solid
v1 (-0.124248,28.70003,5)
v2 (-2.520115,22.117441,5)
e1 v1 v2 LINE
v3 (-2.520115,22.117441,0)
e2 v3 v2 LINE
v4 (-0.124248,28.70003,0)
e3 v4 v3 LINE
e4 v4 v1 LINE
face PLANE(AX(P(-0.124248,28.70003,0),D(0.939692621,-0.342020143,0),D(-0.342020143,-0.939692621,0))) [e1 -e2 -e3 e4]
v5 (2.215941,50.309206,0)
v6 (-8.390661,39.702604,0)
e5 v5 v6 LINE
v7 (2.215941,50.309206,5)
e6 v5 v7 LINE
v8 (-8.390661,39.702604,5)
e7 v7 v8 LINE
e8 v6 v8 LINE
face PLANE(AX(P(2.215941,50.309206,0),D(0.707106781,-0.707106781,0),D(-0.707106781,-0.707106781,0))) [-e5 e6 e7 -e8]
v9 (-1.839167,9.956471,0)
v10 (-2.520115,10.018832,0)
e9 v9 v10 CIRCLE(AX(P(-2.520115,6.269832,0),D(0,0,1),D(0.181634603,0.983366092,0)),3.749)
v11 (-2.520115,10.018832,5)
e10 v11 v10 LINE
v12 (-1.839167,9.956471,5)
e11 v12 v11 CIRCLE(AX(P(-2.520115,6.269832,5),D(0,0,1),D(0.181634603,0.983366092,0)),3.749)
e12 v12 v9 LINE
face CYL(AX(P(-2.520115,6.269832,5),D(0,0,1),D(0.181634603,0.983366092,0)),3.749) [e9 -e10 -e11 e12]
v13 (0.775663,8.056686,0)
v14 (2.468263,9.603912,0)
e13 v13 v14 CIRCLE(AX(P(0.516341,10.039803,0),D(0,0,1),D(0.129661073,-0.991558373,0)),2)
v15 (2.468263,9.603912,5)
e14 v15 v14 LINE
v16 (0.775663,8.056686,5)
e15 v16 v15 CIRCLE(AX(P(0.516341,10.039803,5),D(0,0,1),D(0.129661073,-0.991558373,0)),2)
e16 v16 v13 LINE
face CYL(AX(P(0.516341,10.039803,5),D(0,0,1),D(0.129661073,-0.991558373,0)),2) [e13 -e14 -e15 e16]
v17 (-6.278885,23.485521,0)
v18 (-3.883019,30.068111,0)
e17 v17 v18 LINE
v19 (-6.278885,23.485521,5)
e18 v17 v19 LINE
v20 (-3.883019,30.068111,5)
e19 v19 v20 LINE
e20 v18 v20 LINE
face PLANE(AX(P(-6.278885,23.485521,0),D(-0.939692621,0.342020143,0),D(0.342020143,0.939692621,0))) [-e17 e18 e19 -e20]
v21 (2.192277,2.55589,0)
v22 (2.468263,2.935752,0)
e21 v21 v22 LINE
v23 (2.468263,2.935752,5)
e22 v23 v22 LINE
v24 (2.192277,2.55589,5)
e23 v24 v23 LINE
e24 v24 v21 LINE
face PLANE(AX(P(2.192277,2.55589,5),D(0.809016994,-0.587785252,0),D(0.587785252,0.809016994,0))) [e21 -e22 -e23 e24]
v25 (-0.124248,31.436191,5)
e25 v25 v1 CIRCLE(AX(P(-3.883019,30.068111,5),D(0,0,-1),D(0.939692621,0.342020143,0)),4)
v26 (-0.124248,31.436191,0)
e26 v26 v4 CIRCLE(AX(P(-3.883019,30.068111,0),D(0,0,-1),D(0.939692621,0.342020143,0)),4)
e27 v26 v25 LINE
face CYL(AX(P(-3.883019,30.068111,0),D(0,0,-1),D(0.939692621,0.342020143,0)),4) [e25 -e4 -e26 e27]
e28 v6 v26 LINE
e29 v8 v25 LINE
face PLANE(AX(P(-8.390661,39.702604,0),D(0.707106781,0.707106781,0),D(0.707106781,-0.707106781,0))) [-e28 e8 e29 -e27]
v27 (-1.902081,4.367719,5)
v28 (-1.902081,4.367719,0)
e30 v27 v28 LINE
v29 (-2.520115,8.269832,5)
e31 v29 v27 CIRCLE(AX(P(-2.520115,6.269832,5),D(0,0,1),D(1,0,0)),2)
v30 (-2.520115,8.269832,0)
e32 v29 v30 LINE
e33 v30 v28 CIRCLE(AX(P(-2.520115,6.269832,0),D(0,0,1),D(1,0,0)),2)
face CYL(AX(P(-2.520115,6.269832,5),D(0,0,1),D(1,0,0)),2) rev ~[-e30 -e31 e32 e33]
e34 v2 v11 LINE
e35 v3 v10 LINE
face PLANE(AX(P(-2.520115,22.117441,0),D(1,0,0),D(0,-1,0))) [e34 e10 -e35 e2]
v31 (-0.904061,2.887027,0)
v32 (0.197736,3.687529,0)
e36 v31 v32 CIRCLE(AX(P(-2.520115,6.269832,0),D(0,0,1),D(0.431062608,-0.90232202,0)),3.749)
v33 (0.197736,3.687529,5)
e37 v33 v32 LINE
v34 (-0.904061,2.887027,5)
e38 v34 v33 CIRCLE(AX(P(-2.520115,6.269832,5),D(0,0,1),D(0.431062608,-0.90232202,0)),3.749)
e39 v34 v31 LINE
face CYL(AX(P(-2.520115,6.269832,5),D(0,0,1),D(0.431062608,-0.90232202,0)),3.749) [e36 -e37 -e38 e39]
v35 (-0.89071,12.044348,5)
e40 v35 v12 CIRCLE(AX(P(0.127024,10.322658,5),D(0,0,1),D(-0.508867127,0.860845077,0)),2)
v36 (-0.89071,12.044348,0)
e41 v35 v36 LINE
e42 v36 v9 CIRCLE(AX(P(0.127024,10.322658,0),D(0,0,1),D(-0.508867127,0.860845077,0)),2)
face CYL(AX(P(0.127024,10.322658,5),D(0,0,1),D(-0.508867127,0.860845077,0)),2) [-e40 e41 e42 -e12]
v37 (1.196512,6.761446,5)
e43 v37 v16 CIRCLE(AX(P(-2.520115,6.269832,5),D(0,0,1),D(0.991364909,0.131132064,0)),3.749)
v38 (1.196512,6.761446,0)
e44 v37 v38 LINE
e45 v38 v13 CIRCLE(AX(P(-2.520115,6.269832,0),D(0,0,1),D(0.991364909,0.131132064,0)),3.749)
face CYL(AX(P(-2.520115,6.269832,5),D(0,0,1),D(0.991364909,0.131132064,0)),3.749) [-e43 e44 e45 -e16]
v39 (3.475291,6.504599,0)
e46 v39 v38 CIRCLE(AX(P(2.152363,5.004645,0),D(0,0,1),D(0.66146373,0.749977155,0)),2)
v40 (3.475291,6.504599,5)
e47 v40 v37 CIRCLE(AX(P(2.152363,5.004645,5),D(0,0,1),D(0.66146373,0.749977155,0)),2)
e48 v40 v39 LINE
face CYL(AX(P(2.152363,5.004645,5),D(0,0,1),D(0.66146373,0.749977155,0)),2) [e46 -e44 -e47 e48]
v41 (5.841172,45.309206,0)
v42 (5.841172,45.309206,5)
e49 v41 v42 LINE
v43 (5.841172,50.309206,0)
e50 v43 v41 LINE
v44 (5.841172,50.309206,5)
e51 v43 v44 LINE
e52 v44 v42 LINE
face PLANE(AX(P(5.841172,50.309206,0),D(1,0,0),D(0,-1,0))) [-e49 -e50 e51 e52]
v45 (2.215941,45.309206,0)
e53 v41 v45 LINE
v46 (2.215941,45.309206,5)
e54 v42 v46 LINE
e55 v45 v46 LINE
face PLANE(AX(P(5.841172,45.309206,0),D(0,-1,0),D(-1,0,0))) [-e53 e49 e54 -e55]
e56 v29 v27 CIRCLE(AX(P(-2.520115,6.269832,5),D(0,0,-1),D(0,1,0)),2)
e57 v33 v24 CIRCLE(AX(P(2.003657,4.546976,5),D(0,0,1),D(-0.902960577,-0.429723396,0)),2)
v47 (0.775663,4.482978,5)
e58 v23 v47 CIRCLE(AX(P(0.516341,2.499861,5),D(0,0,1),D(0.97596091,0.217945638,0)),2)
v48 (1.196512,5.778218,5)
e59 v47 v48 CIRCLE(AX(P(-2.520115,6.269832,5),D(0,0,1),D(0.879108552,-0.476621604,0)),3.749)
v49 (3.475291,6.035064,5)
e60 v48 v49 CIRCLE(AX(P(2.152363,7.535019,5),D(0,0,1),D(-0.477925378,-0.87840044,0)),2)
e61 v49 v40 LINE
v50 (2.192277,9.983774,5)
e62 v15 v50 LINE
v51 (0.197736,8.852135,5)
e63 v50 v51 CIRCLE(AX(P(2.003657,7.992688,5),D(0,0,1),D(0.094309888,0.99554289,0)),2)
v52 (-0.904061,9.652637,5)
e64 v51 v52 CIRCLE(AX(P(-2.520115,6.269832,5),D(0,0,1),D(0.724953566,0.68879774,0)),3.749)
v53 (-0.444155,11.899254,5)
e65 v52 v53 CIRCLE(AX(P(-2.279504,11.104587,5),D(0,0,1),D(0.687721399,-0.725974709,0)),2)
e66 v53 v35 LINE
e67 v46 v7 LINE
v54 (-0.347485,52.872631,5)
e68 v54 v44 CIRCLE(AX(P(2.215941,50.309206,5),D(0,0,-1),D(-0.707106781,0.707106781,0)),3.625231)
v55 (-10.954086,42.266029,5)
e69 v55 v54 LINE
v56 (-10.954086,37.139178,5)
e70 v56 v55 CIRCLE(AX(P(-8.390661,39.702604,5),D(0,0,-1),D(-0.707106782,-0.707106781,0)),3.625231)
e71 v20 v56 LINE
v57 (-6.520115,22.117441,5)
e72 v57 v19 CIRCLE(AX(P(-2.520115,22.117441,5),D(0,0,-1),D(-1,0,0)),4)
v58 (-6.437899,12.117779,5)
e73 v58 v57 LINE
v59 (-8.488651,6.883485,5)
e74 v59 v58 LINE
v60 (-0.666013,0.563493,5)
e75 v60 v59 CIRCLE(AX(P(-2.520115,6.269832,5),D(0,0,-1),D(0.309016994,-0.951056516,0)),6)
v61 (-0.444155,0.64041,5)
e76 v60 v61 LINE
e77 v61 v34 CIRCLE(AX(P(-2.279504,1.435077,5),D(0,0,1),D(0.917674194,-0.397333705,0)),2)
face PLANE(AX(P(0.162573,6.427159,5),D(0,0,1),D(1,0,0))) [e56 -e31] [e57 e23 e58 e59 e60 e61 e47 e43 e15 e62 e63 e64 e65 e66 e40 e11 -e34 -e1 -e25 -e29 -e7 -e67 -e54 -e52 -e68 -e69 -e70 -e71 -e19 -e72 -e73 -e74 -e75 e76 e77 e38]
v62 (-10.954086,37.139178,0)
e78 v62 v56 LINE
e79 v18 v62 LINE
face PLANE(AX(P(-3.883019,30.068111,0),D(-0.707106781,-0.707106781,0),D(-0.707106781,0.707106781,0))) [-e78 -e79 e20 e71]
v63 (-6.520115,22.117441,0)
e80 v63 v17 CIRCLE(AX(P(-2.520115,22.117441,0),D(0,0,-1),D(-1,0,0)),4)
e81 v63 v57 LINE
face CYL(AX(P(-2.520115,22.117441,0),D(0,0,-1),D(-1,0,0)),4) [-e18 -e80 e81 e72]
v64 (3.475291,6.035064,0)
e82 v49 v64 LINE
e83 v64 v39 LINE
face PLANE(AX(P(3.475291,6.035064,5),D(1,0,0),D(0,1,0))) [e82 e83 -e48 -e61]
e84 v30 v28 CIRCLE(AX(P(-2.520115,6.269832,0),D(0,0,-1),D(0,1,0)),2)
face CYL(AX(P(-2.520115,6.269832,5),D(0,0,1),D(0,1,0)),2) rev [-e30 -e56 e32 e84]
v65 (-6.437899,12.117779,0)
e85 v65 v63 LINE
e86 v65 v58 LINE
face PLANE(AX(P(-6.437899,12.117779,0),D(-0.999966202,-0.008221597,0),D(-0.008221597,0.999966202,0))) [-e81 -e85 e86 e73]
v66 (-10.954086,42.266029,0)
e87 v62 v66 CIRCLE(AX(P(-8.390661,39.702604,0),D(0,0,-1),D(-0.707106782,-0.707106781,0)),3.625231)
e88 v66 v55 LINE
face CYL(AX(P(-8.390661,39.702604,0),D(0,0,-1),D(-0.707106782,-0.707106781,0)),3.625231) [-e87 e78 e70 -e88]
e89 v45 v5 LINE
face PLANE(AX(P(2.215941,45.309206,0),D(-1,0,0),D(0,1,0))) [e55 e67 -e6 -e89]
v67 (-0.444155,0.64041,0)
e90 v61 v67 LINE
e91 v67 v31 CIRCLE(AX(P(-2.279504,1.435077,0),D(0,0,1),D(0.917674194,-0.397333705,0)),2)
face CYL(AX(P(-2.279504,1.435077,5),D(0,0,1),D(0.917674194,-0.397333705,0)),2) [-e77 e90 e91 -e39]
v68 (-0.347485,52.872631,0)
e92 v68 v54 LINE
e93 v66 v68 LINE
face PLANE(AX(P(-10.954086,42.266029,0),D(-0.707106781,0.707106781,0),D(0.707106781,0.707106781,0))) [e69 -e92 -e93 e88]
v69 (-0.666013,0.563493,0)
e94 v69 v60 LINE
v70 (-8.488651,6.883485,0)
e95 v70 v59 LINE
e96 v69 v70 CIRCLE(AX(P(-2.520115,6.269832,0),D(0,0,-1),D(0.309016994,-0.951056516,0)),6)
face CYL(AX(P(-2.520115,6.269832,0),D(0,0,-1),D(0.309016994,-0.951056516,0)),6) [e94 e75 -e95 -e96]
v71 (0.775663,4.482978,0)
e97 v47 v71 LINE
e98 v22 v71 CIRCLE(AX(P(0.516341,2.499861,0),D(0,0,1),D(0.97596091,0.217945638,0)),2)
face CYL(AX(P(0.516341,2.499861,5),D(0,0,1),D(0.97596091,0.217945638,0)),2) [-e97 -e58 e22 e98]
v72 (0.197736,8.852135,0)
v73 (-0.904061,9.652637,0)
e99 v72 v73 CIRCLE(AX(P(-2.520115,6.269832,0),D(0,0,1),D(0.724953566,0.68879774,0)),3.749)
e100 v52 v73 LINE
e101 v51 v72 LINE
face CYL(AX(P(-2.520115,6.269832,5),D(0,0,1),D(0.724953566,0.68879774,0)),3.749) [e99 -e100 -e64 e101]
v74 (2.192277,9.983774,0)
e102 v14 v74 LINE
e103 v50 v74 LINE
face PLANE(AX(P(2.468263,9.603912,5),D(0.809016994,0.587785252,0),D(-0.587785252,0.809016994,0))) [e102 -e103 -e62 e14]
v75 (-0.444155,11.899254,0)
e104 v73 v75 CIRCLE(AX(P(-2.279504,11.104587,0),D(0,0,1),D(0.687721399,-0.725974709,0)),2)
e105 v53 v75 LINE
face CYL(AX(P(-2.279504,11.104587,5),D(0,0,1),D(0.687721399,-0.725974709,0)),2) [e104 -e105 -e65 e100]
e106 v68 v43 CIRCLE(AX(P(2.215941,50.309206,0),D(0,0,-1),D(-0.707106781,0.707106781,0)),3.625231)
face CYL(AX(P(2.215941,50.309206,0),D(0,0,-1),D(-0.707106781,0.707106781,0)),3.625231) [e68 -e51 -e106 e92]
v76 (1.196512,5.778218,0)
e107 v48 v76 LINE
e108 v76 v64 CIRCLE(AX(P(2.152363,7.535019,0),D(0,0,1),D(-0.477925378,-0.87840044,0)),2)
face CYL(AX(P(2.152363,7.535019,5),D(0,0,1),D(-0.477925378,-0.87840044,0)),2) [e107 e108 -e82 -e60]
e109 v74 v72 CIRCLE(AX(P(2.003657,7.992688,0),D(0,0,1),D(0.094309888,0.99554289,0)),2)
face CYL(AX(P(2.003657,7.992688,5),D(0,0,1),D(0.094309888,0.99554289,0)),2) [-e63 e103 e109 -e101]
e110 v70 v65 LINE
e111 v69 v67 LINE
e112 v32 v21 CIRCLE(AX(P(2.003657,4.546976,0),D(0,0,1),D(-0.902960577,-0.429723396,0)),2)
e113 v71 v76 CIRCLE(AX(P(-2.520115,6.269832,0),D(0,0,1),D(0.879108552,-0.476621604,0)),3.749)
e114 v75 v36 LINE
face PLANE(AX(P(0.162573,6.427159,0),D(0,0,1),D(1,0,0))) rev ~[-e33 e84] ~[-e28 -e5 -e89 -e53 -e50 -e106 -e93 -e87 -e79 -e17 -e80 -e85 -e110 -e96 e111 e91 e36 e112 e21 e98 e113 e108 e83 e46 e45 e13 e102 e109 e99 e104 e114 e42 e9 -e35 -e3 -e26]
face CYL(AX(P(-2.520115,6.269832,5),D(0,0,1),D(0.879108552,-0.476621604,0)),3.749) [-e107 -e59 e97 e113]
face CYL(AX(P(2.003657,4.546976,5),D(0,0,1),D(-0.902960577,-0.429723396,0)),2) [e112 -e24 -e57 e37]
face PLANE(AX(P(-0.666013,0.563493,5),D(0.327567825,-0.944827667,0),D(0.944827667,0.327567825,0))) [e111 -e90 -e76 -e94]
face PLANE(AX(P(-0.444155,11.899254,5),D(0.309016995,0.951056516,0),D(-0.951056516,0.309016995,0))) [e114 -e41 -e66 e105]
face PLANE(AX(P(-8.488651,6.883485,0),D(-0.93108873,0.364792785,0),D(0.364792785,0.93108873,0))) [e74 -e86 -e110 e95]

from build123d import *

# Parameters (mm, degrees)
BOSS_EXTRUDE1_DEPTH = 5
BOSS_EXTRUDE2_DEPTH = 5
CUT_EXTRUDE1_REACH  = 7
SKETCH3_R           = 2


with BuildPart() as part:
    # Sketch1 → Boss-Extrude1 (new body)
    with BuildSketch(Plane.XY):
        with BuildLine():
            Line((-2.520114714, 12.117440709), (-2.520114714, 6.269831909))
            Line((-2.520114714, 6.269831909), (-0.666012747, 0.563492811))
            ThreePointArc((-0.666012747, 0.563492811), (-6.290753591, 1.602682623), (-8.48865141, 6.883484665))
            Line((-8.48865141, 6.883484665), (-6.437898745, 12.117778688))
            Line((-6.437898745, 12.117778688), (-6.520114714, 22.117440709))
            ThreePointArc((-6.520114714, 22.117440709), (-6.459345726, 22.81203342), (-6.278885197, 23.485521282))
            Line((-6.278885197, 23.485521282), (-3.883018647, 30.068110528))
            Line((-3.883018647, 30.068110528), (-10.954086459, 37.13917834))
            ThreePointArc((-10.954086459, 37.13917834), (-12.015892078, 39.702603869), (-10.954086459, 42.266029397))
            Line((-10.954086459, 42.266029397), (-0.347484741, 52.872631115))
            ThreePointArc((-0.347484741, 52.872631115), (3.603256686, 53.658482445), (5.841171936, 50.309205586))
            Line((5.841171936, 50.309205586), (5.841171936, 45.309205586))
            Line((5.841171936, 45.309205586), (2.215940787, 45.309205586))
            Line((2.215940787, 45.309205586), (2.215940787, 50.309205586))
            Line((2.215940787, 50.309205586), (-8.39066093, 39.702603869))
            Line((-8.39066093, 39.702603869), (-0.124248164, 31.436191102))
            ThreePointArc((-0.124248164, 31.436191102), (0.116981353, 30.068110528), (-0.124248164, 28.700029955))
            Line((-0.124248164, 28.700029955), (-2.520114714, 22.117440709))
            Line((-2.520114714, 22.117440709), (-2.520114714, 12.117440709))
        make_face()
    extrude(amount=BOSS_EXTRUDE1_DEPTH)

    # Sketch2 → Boss-Extrude2 (add)
    with BuildSketch(Plane.XY.offset(5)):
        with BuildLine():
            Line((-0.666012747, 0.563492811), (-0.444155406, 0.640409829))
            ThreePointArc((-0.444155406, 0.640409829), (-0.320137366, 1.836179716), (-0.904060997, 2.887026655))
            ThreePointArc((-0.904060997, 2.887026655), (-0.316507803, 3.236827197), (0.197736204, 3.687529179))
            ThreePointArc((0.197736204, 3.687529179), (1.016708708, 2.807455242), (2.192277133, 2.55589019))
            Line((2.192277133, 2.55589019), (2.468262924, 2.935752043))
            ThreePointArc((2.468262924, 2.935752043), (1.865739721, 3.976046178), (0.775663247, 4.482977511))
            ThreePointArc((0.775663247, 4.482977511), (1.045396166, 5.111327197), (1.196512329, 5.778217803))
            ThreePointArc((1.196512329, 5.778217803), (2.376369483, 5.547602991), (3.475290544, 6.035064372))
            Line((3.475290544, 6.035064372), (3.475290544, 6.504599445))
            ThreePointArc((3.475290544, 6.504599445), (2.376369483, 6.992060826), (1.196512329, 6.761446014))
            ThreePointArc((1.196512329, 6.761446014), (1.045396166, 7.428336621), (0.775663247, 8.056686306))
            ThreePointArc((0.775663247, 8.056686306), (1.865739721, 8.56361764), (2.468262924, 9.603911774))
            Line((2.468262924, 9.603911774), (2.192277133, 9.983773627))
            ThreePointArc((2.192277133, 9.983773627), (1.016708708, 9.732208576), (0.197736204, 8.852134639))
            ThreePointArc((0.197736204, 8.852134639), (-0.316507803, 9.302836621), (-0.904060997, 9.652637162))
            ThreePointArc((-0.904060997, 9.652637162), (-0.320137366, 10.703484102), (-0.444155406, 11.899253988))
            Line((-0.444155406, 11.899253988), (-0.890709796, 12.044348305))
            ThreePointArc((-0.890709796, 12.044348305), (-1.693898402, 11.14984612), (-1.839166595, 9.956471389))
            ThreePointArc((-1.839166595, 9.956471389), (-2.178215907, 10.003209228), (-2.520114714, 10.018831909))
            Line((-2.520114714, 10.018831909), (-2.520114714, 8.269831909))
            ThreePointArc((-2.520114714, 8.269831909), (-0.544738032, 6.582700839), (-1.902080725, 4.367718876))
            Line((-1.902080725, 4.367718876), (-0.666012747, 0.563492811))
        make_face()
    extrude(amount=-BOSS_EXTRUDE2_DEPTH)

    # Sketch3 → Cut-Extrude1 (cut, up to next)
    with BuildSketch(Plane.XY.offset(5), mode=Mode.PRIVATE) as cut_extrude1_sk1:
        with Locations((-2.520114714, 6.269831909)):
            Circle(SKETCH3_R)
    cut_extrude1_tool1 = extrude(cut_extrude1_sk1.sketch, amount=-CUT_EXTRUDE1_REACH, mode=Mode.PRIVATE) & part.part
    add(cut_extrude1_tool1.solids().sort_by_distance((-2.520115, 6.269832, 5))[0], mode=Mode.SUBTRACT)


solid = part.part
